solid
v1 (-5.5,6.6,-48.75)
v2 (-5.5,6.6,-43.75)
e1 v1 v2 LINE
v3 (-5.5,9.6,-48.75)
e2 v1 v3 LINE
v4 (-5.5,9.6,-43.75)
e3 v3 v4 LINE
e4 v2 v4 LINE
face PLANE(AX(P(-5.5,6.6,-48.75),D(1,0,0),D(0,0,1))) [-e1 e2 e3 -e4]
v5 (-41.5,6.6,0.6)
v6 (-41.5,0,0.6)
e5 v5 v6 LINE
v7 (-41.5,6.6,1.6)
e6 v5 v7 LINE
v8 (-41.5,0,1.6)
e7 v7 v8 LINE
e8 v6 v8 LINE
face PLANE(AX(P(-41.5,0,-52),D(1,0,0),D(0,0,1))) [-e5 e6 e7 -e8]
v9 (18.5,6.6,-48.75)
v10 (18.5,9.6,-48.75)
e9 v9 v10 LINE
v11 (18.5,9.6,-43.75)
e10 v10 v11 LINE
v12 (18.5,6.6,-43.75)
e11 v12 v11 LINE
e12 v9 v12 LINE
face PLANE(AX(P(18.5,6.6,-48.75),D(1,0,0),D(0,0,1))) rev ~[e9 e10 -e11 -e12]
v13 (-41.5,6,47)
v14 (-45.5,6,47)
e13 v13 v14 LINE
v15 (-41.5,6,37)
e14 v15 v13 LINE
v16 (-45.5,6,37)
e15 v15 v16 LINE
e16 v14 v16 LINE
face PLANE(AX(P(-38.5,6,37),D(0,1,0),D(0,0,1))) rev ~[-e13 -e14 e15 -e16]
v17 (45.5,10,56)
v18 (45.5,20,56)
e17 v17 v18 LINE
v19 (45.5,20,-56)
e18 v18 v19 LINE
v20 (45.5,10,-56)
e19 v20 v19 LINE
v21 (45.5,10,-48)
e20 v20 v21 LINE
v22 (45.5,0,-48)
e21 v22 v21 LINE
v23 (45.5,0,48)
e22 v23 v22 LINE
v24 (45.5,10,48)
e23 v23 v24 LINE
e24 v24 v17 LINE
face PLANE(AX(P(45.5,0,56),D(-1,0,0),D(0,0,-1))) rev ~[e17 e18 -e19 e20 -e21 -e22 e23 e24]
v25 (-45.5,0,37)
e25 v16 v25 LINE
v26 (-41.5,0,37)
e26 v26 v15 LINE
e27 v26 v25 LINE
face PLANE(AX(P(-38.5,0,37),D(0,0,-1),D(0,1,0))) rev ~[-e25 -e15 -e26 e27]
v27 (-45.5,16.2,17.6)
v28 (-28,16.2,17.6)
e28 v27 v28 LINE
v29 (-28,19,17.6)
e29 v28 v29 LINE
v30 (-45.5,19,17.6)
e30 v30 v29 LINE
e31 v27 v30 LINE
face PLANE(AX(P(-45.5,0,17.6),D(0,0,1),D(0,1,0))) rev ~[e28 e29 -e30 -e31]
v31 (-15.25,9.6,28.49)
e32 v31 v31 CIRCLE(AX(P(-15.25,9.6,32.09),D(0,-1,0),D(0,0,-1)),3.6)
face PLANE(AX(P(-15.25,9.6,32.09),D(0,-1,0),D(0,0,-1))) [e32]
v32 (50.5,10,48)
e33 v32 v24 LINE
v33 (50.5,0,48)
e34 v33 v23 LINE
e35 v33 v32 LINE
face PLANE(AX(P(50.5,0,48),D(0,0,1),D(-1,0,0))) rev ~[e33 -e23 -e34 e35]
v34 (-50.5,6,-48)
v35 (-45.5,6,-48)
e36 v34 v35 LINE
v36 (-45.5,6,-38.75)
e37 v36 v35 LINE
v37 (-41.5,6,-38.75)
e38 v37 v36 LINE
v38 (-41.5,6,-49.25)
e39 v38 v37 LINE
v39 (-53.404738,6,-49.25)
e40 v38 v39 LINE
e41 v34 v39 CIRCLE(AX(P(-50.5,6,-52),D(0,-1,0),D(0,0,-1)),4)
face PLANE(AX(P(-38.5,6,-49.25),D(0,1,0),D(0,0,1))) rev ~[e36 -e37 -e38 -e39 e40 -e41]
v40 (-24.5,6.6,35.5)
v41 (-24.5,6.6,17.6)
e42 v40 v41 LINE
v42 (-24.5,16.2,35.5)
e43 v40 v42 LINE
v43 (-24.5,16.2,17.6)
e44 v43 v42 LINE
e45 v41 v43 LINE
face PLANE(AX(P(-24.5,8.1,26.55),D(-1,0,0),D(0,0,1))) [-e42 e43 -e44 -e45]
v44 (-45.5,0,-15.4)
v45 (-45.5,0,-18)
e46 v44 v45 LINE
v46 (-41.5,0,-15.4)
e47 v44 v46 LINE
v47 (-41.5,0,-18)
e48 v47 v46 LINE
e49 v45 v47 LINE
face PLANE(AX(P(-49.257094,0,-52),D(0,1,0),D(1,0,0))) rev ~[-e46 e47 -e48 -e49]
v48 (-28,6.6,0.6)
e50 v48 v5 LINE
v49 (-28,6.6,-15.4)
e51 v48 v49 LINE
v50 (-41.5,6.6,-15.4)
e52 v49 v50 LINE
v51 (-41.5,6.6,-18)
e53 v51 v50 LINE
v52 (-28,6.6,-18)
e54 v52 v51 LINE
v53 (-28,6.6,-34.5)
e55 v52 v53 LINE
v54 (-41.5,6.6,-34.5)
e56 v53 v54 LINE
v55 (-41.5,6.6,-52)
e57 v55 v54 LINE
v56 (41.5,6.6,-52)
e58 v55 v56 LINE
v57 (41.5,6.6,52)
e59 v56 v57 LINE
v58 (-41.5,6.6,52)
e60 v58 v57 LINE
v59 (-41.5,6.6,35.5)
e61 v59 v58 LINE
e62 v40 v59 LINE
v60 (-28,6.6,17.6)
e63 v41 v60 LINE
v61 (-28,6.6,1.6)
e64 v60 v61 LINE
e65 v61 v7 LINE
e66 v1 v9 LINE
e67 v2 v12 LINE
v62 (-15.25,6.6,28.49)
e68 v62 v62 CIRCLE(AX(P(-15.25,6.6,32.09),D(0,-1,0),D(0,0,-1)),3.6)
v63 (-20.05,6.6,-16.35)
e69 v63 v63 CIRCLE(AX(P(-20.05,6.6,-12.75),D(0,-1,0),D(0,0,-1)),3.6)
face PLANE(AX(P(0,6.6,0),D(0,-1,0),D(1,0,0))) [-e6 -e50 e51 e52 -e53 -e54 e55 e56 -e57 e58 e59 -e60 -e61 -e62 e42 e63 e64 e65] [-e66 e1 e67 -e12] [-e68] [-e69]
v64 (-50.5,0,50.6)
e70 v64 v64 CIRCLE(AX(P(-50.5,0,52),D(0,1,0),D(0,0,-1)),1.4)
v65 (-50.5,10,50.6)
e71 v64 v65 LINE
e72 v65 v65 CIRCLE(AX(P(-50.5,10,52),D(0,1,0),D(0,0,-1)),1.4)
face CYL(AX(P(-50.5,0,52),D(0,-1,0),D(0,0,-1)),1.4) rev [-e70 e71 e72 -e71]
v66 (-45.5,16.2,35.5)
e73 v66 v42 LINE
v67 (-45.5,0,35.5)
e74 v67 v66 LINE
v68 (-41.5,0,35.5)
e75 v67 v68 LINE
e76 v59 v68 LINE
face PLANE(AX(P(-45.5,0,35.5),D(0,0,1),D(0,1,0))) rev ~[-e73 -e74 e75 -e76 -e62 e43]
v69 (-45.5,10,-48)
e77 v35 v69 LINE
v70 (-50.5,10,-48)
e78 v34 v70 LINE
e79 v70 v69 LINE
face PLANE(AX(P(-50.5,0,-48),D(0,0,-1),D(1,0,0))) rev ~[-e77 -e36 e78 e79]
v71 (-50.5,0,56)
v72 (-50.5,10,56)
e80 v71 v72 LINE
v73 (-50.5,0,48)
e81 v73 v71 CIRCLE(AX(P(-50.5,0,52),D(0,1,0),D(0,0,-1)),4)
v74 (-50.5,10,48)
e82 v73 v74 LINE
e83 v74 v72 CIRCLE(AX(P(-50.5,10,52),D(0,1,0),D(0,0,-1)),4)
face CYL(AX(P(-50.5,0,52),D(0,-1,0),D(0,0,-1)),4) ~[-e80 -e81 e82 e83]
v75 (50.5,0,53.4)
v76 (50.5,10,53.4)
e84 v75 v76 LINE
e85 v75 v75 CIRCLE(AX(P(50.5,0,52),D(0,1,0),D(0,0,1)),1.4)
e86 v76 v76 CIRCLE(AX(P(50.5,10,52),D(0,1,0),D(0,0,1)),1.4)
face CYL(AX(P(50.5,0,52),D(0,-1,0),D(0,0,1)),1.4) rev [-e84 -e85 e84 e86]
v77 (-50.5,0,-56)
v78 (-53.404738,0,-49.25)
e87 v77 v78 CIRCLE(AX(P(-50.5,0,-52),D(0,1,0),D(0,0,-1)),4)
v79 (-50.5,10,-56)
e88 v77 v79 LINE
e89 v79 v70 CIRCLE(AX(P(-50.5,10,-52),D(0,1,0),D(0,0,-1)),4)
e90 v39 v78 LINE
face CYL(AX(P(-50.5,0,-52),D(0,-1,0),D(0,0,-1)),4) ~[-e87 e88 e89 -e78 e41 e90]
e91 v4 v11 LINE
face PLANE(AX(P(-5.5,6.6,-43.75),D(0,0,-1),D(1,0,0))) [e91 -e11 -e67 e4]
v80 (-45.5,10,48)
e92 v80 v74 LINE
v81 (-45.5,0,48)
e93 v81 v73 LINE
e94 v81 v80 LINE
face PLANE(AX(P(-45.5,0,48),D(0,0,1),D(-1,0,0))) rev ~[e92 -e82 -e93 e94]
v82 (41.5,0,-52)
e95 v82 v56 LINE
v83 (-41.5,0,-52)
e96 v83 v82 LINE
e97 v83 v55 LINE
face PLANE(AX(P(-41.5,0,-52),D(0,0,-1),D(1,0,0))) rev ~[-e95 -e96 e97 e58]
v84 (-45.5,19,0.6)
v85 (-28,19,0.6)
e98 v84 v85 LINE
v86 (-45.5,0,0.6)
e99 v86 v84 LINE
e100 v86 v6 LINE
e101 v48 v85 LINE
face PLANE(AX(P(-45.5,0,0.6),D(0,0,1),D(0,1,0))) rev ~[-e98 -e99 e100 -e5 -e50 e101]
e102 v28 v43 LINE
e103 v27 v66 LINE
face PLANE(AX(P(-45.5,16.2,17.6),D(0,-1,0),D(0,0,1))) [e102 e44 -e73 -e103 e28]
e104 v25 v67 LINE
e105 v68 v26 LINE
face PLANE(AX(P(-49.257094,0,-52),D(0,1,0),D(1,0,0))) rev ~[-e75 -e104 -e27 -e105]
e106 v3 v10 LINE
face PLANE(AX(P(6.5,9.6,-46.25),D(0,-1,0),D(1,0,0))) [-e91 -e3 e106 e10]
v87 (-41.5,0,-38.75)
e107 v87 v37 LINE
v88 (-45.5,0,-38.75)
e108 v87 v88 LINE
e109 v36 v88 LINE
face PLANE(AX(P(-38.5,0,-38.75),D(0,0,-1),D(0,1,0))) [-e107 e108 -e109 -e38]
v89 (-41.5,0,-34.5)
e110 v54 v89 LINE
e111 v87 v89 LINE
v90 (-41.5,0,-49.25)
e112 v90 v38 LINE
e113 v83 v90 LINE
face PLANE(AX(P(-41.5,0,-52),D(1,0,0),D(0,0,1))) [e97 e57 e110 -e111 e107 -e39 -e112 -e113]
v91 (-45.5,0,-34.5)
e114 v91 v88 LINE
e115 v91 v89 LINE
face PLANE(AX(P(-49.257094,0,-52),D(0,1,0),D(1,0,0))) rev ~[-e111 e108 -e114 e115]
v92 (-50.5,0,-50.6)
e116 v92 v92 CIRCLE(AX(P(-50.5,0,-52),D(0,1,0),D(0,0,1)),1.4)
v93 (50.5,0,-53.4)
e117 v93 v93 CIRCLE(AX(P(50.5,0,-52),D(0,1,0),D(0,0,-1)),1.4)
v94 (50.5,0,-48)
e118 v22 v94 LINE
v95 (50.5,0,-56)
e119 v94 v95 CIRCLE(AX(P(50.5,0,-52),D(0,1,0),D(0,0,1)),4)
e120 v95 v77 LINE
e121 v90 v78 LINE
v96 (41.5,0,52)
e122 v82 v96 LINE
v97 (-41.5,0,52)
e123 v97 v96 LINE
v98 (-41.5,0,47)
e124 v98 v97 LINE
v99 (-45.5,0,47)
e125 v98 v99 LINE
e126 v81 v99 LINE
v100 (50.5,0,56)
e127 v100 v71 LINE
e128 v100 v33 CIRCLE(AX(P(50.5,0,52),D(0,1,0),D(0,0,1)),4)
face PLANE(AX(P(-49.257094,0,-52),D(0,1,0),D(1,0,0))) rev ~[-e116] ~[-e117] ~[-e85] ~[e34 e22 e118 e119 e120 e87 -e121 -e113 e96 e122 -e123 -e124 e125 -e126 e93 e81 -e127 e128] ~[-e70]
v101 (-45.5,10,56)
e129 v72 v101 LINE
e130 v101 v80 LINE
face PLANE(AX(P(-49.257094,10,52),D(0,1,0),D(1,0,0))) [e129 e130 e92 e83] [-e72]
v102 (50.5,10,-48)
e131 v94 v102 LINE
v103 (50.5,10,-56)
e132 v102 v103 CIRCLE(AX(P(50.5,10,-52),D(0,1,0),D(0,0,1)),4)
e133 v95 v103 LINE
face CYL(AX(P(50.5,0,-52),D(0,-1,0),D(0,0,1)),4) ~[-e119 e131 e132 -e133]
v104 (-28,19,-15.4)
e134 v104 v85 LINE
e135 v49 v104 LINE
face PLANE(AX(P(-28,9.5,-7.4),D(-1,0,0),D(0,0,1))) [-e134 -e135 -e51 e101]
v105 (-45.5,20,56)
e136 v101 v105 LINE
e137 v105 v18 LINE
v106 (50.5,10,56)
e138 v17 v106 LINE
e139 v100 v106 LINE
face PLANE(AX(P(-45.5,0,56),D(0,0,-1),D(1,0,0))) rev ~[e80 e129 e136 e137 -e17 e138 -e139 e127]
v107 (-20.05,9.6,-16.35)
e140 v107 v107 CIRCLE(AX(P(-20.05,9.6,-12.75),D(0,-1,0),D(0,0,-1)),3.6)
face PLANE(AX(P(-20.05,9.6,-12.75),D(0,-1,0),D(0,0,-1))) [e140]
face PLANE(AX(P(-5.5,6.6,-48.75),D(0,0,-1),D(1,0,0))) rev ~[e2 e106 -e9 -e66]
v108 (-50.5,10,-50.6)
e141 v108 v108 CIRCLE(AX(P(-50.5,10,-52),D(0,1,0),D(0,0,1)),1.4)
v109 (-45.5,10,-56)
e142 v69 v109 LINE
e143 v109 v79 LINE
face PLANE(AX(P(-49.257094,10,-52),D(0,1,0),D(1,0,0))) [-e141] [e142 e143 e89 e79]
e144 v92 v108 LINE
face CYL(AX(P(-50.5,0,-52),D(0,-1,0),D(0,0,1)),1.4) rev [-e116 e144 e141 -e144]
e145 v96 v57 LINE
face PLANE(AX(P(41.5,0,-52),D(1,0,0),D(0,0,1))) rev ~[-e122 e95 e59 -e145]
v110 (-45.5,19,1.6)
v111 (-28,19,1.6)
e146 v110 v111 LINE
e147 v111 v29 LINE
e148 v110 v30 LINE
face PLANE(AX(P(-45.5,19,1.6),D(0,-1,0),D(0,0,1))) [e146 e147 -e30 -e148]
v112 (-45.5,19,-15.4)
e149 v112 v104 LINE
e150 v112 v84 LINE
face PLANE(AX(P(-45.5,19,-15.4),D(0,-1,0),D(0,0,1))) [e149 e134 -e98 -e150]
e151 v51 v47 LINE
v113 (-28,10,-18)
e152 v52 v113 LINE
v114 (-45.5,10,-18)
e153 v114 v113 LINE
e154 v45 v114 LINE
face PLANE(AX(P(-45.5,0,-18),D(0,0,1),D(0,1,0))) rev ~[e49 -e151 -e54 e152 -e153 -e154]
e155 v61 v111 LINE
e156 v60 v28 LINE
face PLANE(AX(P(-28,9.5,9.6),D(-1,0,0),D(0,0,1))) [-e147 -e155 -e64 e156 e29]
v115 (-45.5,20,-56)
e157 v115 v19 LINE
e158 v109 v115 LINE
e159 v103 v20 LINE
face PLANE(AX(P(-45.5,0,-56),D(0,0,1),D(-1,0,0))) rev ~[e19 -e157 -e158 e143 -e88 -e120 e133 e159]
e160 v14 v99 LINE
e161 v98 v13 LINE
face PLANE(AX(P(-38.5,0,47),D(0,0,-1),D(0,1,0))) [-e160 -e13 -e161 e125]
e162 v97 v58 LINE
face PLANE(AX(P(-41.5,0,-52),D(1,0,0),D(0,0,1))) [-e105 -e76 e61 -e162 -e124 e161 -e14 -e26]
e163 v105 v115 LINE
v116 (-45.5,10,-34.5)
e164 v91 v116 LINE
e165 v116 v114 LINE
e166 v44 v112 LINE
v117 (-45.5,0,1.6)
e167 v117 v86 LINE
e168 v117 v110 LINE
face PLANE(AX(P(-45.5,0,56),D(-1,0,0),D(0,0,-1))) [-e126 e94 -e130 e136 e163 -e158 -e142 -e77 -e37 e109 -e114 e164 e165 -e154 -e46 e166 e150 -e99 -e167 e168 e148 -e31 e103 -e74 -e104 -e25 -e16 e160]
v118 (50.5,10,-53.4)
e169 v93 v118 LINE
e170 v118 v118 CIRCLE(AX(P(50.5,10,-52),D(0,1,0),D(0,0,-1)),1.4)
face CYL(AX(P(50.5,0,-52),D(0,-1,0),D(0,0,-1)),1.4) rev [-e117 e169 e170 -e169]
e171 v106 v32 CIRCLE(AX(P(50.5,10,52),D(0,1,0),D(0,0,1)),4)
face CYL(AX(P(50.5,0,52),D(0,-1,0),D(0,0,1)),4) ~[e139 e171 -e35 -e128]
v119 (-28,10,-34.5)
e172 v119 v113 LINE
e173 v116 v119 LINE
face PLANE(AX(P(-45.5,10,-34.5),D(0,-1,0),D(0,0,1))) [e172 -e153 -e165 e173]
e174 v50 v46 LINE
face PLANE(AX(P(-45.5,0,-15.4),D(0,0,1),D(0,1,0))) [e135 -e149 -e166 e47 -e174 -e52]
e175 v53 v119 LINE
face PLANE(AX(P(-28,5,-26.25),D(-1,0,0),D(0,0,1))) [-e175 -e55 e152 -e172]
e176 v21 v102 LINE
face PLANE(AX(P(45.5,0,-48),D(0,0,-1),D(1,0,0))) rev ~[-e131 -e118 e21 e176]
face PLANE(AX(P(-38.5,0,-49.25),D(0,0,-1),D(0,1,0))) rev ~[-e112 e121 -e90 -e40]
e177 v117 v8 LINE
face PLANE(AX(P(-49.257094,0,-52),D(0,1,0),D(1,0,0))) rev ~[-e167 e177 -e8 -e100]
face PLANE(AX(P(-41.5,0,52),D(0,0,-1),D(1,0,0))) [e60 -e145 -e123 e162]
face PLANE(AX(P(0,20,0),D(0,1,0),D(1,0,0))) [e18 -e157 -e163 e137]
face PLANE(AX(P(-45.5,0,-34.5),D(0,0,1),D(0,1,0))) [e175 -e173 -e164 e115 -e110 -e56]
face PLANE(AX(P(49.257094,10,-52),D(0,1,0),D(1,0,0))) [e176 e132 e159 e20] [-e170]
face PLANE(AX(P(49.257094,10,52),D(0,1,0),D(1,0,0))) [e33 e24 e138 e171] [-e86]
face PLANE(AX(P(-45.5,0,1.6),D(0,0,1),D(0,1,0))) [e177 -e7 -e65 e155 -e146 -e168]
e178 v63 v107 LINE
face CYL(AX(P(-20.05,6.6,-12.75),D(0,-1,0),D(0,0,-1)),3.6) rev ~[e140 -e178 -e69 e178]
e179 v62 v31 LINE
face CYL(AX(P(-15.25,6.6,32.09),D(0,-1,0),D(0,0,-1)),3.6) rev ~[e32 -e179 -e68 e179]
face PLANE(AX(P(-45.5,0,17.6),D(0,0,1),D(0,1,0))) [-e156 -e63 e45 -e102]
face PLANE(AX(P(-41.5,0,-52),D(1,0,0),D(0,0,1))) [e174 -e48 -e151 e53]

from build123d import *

# Parameters (mm, degrees)
SKETCH1_W                            = 91
SKETCH1_H                            = 112
BASE_DEPTH                           = 20
SKETCH2_R                            = 1.4
CASE_ASSEMBLY_HOLES_DEPTH            = 10
SKETCH3_W                            = 83
SKETCH3_H                            = 104
MODULE_CUTOUT_DEPTH                  = 6.6
USB_C_AND_MICRO_USB_SLOTS_DEPTH      = 117.344316578
USB_C_AND_MICRO_USB_SLOTS_DEPTH_BACK = 7
SKETCH4_W                            = 10.5
SKETCH4_H                            = 6
SKETCH4_W_2                          = 10
SKETCH5_W                            = 16.5
SKETCH5_H                            = 10
SKETCH5_W_2                          = 16
SKETCH5_H_2                          = 19
HDMI_AND_USB_SLOTS_DEPTH             = 17.5
SKETCH6_W                            = 17.9
SKETCH6_H                            = 16.2
ETHERNET_SLOT_DEPTH                  = 21
SKETCH7_R                            = 3.6
SKETCH7_W                            = 24
SKETCH7_H                            = 5
TALL_COMPONENTS_CUTOUTS_DEPTH        = 3


with BuildPart() as part:
    # Sketch1 → Base (new body)
    with BuildSketch(Plane(origin=(0, 0, 0), x_dir=(1, 0, 0), z_dir=(0, 1, 0))):
        Rectangle(SKETCH1_W, SKETCH1_H)
    extrude(amount=BASE_DEPTH)

    # Sketch2 → Case Assembly Holes (add)
    # profile 1 of 4: a face of its own
    with BuildSketch(Plane(origin=(0, 0, 0), x_dir=(1, 0, 0), z_dir=(0, 1, 0))):
        with BuildLine():
            Line((-45.5, 56), (-50.5, 56))
            ThreePointArc((-50.5, 56), (-54.5, 52), (-50.5, 48))
            Line((-50.5, 48), (-45.5, 48))
            Line((-45.5, 48), (-45.5, 56))
        make_face()
        with Locations(Location((-50.5, 52, 0), (0, 0, 270))):
            Circle(SKETCH2_R, mode=Mode.SUBTRACT)
    # profile 2 of 4: a face of its own
    with BuildSketch(Plane(origin=(0, 0, 0), x_dir=(1, 0, 0), z_dir=(0, 1, 0))):
        with BuildLine():
            Line((45.5, 48), (50.5, 48))
            ThreePointArc((50.5, 48), (54.5, 52), (50.5, 56))
            Line((50.5, 56), (45.5, 56))
            Line((45.5, 56), (45.5, 48))
        make_face()
        with Locations(Location((50.5, 52, 0), (0, 0, 90))):
            Circle(SKETCH2_R, mode=Mode.SUBTRACT)
    # profile 3 of 4: a face of its own
    with BuildSketch(Plane(origin=(0, 0, 0), x_dir=(1, 0, 0), z_dir=(0, 1, 0))):
        with BuildLine():
            Line((45.5, -56), (50.5, -56))
            ThreePointArc((50.5, -56), (54.5, -52), (50.5, -48))
            Line((50.5, -48), (45.5, -48))
            Line((45.5, -48), (45.5, -56))
        make_face()
        with Locations(Location((50.5, -52, 0), (0, 0, 270))):
            Circle(SKETCH2_R, mode=Mode.SUBTRACT)
    # profile 4 of 4: a face of its own
    with BuildSketch(Plane(origin=(0, 0, 0), x_dir=(1, 0, 0), z_dir=(0, 1, 0))):
        with BuildLine():
            Line((-45.5, -48), (-50.5, -48))
            ThreePointArc((-50.5, -48), (-54.5, -52), (-50.5, -56))
            Line((-50.5, -56), (-45.5, -56))
            Line((-45.5, -56), (-45.5, -48))
        make_face()
        with Locations(Location((-50.5, -52, 0), (0, 0, 90))):
            Circle(SKETCH2_R, mode=Mode.SUBTRACT)
    extrude(amount=CASE_ASSEMBLY_HOLES_DEPTH)

    # Sketch3 → Module Cutout (cut)
    with BuildSketch(Plane.XZ):
        Rectangle(SKETCH3_W, SKETCH3_H)
    extrude(amount=-MODULE_CUTOUT_DEPTH, mode=Mode.SUBTRACT)

    # Sketch4 → USB-C and Micro-USB Slots (cut, two sides: drawn at the far end of the back side and taken through both)
    with BuildSketch(Plane.ZY.offset(45.5).offset(-USB_C_AND_MICRO_USB_SLOTS_DEPTH_BACK)):
        with Locations((-44, 3)):
            Rectangle(SKETCH4_W, SKETCH4_H)
        with Locations((42, 3)):
            Rectangle(SKETCH4_W_2, SKETCH4_H)
    extrude(amount=USB_C_AND_MICRO_USB_SLOTS_DEPTH + USB_C_AND_MICRO_USB_SLOTS_DEPTH_BACK, mode=Mode.SUBTRACT)

    # Sketch5 → HDMI and USB Slots (cut)
    with BuildSketch(Plane.ZY.offset(45.5)):
        with Locations((-26.25, 5)):
            Rectangle(SKETCH5_W, SKETCH5_H)
        with Locations((-7.4, 9.5)):
            Rectangle(SKETCH5_W_2, SKETCH5_H_2)
        with Locations((9.6, 9.5)):
            Rectangle(SKETCH5_W_2, SKETCH5_H_2)
    extrude(amount=-HDMI_AND_USB_SLOTS_DEPTH, mode=Mode.SUBTRACT)

    # Sketch6 → Ethernet Slot (cut)
    with BuildSketch(Plane.ZY.offset(45.5)):
        with Locations((26.55, 8.1)):
            Rectangle(SKETCH6_W, SKETCH6_H)
    extrude(amount=-ETHERNET_SLOT_DEPTH, mode=Mode.SUBTRACT)

    # Sketch7 → Tall Components Cutouts (cut)
    with BuildSketch(Plane.XZ.offset(-6.6)):
        with Locations(Location((-20.05, -12.75, 0), (0, 0, 270))):
            Circle(SKETCH7_R)
        with Locations(Location((-15.25, 32.09, 0), (0, 0, 270))):
            Circle(SKETCH7_R)
        with Locations((6.5, -46.25)):
            Rectangle(SKETCH7_W, SKETCH7_H)
    extrude(amount=-TALL_COMPONENTS_CUTOUTS_DEPTH, mode=Mode.SUBTRACT)


solid = part.part
